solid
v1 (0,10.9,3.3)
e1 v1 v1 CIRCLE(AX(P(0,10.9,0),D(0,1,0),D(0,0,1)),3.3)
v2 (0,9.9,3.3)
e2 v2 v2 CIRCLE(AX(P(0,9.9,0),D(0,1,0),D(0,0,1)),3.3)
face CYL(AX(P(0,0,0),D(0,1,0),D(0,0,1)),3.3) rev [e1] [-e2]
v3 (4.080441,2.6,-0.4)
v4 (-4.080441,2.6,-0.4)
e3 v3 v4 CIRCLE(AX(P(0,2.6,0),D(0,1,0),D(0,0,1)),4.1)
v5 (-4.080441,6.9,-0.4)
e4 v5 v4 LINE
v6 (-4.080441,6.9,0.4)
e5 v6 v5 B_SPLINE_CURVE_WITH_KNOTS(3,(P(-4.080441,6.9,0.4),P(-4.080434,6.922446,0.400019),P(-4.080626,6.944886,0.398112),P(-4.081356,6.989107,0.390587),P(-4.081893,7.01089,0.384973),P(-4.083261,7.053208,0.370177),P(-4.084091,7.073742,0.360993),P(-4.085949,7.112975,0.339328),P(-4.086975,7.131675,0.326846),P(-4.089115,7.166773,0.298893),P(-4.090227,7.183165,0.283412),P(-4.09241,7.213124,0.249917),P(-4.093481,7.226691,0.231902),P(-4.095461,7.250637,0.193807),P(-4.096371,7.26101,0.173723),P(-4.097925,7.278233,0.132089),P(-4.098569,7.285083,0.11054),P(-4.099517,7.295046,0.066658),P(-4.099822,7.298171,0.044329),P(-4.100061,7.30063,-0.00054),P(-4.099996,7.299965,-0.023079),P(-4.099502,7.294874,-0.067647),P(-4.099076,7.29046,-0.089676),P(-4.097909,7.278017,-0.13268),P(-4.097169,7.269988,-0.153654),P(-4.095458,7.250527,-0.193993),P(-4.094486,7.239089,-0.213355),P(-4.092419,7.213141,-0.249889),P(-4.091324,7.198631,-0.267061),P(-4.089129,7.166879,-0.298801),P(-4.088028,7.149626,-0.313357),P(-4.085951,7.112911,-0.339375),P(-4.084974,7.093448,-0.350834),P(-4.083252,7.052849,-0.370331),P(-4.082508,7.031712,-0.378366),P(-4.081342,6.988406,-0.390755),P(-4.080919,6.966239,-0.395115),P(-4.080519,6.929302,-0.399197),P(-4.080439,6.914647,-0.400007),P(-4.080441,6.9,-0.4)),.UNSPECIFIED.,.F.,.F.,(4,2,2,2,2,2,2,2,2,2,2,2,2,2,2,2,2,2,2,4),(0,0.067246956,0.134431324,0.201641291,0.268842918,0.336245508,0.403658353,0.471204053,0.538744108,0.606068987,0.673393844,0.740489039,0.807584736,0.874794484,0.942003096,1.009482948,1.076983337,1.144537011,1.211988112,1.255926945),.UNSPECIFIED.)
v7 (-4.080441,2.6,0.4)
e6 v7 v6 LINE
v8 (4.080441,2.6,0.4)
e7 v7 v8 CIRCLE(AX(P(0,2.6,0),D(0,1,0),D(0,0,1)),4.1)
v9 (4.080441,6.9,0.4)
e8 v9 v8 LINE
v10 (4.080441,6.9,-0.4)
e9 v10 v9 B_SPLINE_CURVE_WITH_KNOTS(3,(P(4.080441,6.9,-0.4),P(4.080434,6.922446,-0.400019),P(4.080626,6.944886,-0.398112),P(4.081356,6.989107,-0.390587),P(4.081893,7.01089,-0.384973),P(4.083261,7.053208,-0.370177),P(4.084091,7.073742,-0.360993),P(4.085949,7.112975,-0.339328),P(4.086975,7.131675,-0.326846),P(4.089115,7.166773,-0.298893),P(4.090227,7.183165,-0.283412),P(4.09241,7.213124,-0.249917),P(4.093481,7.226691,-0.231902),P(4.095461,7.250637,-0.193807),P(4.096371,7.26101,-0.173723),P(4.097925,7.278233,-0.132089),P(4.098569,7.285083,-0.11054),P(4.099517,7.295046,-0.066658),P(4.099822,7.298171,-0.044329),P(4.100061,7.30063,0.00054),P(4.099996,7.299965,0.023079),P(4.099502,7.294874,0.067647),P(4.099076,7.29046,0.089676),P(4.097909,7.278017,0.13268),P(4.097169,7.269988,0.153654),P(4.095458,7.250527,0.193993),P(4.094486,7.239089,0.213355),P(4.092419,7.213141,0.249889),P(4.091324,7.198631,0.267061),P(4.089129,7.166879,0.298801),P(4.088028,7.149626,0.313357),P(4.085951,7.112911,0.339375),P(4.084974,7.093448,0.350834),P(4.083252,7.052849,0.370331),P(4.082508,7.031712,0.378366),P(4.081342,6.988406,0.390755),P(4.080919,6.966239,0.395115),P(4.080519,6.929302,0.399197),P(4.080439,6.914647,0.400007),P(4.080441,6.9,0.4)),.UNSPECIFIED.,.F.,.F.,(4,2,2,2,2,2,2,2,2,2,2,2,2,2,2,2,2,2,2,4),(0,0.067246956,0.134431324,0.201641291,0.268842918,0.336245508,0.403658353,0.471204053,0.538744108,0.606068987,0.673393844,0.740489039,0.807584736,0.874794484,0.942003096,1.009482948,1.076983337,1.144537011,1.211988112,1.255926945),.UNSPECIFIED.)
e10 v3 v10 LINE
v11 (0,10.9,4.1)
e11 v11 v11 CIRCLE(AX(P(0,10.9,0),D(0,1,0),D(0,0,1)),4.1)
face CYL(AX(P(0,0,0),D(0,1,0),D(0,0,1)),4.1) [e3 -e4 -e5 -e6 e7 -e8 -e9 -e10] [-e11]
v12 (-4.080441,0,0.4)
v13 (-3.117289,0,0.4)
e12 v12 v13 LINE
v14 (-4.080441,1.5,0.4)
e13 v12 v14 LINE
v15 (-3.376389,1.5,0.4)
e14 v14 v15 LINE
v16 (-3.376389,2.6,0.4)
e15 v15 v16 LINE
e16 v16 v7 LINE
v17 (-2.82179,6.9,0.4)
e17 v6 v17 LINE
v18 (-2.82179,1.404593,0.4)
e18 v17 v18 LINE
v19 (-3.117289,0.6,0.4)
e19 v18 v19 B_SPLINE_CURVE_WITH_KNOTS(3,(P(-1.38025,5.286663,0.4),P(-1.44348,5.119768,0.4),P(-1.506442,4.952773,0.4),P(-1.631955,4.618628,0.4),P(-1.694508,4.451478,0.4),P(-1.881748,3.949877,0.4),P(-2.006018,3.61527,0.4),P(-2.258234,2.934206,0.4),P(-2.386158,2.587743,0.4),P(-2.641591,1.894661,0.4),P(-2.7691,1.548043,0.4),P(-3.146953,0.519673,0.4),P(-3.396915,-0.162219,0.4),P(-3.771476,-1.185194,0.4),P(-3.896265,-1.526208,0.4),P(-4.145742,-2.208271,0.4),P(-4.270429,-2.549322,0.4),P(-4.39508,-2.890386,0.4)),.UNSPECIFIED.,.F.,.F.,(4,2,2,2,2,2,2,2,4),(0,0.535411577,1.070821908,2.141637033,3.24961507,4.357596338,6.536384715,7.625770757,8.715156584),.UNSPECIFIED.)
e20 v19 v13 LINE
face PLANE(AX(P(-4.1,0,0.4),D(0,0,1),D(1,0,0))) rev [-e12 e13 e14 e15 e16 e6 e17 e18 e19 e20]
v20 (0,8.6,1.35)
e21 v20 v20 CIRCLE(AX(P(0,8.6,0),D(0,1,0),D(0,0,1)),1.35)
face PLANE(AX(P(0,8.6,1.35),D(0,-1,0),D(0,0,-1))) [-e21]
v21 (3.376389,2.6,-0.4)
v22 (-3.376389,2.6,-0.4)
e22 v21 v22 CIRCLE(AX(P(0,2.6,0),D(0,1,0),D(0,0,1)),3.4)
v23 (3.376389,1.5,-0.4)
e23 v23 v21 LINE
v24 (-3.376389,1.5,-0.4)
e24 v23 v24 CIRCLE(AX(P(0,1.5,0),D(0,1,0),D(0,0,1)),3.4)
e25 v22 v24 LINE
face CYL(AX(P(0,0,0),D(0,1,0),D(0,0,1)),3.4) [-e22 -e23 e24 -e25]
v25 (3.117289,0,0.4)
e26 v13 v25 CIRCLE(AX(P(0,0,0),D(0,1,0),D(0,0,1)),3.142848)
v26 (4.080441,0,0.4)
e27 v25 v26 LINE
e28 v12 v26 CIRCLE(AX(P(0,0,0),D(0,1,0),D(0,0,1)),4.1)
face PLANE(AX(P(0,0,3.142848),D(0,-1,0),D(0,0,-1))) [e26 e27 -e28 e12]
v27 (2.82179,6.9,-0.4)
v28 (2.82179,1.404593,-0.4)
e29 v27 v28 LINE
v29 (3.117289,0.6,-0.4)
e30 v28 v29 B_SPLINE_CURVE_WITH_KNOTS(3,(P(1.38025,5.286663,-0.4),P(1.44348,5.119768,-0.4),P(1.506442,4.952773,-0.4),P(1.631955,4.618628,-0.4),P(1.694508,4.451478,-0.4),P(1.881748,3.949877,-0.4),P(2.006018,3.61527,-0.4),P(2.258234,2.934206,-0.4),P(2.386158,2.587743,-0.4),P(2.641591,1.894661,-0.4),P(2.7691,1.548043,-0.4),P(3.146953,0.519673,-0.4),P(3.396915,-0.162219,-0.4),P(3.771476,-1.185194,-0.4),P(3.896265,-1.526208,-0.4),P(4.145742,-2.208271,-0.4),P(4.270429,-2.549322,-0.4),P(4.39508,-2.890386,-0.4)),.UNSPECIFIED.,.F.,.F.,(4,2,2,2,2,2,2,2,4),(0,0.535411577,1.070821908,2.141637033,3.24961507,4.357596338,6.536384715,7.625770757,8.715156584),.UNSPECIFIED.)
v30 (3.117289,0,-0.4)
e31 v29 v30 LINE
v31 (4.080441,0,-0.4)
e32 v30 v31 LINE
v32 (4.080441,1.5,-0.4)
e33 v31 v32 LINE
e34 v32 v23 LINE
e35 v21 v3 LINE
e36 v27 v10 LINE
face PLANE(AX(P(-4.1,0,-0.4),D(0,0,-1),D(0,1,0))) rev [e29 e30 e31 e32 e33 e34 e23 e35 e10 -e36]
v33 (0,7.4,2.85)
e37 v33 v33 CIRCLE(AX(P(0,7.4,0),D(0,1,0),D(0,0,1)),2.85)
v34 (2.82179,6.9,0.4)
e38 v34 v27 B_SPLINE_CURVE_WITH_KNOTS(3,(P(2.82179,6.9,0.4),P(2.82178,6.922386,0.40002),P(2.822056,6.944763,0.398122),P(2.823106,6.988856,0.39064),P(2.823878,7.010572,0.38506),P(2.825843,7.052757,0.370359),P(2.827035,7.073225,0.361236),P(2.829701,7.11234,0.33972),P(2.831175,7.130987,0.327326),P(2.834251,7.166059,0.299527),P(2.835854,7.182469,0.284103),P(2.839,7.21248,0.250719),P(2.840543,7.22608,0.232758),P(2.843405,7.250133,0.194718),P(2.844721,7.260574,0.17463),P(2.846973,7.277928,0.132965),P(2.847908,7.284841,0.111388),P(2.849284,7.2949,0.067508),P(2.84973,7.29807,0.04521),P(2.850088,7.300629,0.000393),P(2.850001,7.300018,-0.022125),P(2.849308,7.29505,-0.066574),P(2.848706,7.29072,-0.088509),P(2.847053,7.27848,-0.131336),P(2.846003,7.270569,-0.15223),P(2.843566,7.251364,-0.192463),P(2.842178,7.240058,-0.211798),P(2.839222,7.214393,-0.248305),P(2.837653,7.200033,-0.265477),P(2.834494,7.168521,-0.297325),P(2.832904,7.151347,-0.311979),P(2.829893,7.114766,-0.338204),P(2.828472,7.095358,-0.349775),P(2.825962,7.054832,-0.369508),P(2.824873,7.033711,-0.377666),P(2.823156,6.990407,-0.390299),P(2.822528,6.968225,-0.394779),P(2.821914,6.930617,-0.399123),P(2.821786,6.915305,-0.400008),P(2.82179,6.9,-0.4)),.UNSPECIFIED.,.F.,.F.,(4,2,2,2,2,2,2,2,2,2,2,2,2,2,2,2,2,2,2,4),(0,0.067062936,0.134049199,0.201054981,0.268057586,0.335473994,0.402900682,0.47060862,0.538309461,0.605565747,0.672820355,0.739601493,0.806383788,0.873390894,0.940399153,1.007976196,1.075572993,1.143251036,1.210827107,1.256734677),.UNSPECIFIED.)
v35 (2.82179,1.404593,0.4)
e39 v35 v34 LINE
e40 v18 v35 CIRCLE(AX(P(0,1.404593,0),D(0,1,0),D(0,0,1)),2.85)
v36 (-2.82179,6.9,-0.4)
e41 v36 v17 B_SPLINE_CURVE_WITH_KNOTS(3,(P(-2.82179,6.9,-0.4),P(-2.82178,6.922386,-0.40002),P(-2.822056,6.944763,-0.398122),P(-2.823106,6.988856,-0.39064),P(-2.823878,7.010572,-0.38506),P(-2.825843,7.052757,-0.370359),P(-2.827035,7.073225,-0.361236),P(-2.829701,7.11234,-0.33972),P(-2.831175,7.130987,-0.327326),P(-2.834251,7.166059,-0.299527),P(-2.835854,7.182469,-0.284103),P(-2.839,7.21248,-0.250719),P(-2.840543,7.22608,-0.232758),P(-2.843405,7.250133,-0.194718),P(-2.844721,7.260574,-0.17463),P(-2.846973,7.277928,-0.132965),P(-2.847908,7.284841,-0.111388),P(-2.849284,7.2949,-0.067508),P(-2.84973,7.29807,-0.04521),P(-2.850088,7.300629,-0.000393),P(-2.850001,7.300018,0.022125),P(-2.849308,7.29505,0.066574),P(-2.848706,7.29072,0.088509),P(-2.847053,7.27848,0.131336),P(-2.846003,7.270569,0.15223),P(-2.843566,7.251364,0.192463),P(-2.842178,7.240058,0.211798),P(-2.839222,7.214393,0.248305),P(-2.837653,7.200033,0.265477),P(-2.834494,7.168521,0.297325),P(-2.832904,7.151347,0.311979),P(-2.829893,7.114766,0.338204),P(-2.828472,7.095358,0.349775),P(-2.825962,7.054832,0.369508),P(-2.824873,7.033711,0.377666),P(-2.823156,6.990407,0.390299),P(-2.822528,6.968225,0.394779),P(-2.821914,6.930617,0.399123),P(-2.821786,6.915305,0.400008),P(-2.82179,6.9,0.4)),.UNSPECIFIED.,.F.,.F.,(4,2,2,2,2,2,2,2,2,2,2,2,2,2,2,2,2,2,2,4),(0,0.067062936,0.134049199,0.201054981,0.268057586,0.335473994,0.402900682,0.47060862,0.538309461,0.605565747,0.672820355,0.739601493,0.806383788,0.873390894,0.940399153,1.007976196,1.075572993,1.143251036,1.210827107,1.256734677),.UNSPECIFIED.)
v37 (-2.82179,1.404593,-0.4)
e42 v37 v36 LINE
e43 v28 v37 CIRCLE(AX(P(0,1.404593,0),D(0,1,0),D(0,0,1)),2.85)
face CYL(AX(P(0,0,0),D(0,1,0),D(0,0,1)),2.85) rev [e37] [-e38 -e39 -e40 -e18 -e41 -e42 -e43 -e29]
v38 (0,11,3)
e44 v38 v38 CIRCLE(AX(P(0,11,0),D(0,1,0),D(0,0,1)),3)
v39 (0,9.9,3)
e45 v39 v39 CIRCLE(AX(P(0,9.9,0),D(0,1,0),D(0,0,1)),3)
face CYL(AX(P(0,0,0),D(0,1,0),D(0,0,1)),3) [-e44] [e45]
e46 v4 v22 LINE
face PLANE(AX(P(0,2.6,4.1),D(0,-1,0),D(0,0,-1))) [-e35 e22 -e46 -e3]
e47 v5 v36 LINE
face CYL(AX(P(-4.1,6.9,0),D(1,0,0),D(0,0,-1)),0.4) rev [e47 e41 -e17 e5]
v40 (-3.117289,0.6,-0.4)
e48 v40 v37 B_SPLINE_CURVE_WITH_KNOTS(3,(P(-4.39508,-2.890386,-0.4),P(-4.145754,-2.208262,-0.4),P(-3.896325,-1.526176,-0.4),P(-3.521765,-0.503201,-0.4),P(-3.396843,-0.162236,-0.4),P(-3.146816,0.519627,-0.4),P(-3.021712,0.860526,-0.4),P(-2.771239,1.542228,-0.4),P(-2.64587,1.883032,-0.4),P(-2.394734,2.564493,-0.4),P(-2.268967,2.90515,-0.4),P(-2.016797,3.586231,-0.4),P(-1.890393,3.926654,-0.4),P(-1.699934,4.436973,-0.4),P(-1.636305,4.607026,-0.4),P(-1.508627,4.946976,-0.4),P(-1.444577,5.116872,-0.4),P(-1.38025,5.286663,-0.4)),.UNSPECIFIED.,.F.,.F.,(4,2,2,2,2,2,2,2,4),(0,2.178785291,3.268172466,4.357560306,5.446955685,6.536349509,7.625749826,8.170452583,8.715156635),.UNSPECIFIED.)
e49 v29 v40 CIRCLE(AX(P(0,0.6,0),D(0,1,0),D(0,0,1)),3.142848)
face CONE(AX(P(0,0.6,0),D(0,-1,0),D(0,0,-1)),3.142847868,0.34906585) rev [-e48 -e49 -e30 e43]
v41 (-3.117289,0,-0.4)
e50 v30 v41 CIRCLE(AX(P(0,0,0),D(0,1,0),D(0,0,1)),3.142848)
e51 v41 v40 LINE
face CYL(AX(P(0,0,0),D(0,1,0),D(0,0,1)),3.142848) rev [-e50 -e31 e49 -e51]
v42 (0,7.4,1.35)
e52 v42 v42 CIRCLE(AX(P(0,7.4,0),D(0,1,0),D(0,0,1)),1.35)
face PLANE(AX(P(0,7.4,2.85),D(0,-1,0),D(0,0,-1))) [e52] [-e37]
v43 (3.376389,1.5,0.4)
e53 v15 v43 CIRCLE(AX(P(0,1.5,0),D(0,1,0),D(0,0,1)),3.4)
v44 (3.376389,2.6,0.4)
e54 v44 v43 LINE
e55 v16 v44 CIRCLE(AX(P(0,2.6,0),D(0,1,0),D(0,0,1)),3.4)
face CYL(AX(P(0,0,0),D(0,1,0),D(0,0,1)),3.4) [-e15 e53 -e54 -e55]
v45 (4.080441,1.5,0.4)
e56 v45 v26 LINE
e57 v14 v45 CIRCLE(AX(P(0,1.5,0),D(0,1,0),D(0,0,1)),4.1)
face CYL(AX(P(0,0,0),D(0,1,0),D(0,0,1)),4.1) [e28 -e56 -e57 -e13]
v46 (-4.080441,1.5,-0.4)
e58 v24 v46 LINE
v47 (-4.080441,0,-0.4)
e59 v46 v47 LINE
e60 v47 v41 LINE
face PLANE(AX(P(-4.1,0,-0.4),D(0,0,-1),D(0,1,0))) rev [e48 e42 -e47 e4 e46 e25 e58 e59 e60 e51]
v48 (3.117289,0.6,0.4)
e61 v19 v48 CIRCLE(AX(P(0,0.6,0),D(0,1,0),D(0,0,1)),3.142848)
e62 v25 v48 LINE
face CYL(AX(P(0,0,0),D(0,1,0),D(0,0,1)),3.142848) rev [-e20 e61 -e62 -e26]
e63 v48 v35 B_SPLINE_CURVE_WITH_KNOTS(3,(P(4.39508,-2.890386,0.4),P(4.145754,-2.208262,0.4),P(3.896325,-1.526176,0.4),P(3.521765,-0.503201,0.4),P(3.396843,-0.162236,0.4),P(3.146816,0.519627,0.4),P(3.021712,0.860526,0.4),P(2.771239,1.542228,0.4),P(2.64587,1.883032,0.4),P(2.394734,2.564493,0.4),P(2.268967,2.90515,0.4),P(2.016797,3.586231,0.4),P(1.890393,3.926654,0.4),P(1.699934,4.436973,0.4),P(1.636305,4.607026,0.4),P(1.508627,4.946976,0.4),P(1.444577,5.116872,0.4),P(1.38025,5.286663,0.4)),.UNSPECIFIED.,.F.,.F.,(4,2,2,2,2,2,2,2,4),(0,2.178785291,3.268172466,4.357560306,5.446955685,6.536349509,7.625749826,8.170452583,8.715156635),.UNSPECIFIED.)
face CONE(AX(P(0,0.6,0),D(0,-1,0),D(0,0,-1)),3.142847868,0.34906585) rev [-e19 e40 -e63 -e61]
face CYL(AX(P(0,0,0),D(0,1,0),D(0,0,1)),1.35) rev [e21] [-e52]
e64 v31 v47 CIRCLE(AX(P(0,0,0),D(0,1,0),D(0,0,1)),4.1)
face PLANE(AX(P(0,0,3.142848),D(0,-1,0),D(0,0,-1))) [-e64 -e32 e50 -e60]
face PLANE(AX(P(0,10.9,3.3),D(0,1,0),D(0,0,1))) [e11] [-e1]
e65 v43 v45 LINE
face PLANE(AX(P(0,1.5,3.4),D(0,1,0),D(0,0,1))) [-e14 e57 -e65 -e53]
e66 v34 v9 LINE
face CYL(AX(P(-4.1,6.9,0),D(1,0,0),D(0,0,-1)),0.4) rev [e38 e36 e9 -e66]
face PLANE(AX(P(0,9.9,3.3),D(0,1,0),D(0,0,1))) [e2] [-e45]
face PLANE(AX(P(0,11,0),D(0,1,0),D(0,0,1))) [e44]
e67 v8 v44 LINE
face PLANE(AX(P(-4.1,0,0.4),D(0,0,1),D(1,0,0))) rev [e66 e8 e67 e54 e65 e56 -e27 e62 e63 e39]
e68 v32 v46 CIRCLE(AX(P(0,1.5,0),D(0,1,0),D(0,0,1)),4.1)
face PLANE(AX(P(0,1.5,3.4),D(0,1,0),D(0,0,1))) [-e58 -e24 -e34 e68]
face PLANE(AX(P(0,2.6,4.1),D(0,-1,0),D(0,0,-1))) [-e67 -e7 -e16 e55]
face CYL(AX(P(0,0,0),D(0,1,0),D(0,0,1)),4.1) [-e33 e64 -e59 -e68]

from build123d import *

# Parameters (mm, degrees)
WYTNIJ_WYCI_GNI_CIE1_DEPTH      = 5.1
WYTNIJ_WYCI_GNI_CIE1_DEPTH_BACK = 5.1


with BuildPart() as part:
    # Szkic2 → Obrót1 (revolve)
    with BuildSketch(Plane(origin=(0, 0, 0), x_dir=(0, 0, -1), z_dir=(1, 0, 0))):
        Polygon((-3.3, 10.9), (-3.3, 9.9), (-3, 9.9), (-3, 11), (0, 11), (0, 8.6), (-1.35, 8.6), (-1.35, 7.4), (-2.85, 7.4), (-2.85, 1.404592906), (-3.142847868, 0.6), (-3.142847868, 0), (-4.1, 0), (-4.1, 1.5), (-3.4, 1.5), (-3.4, 2.6), (-4.1, 2.6), (-4.1, 10.9), align=None)
    revolve(axis=Axis((0, 0, 0), (0, -1, 0)))

    # Szkic3 → Wytnij-wyciągnięcie1 (cut, two sides)
    with BuildSketch(Plane(origin=(0, 0, 0), x_dir=(0, 0, -1), z_dir=(1, 0, 0))) as wytnij_wyci_gni_cie1_sk:
        with BuildLine():
            Line((-0.4, 0), (-0.4, 6.9))
            ThreePointArc((-0.4, 6.9), (0, 7.3), (0.4, 6.9))
            Line((0.4, 6.9), (0.4, 0))
            Line((0.4, 0), (-0.4, 0))
        make_face()
    extrude(amount=WYTNIJ_WYCI_GNI_CIE1_DEPTH, mode=Mode.SUBTRACT)
    extrude(wytnij_wyci_gni_cie1_sk.sketch, amount=-WYTNIJ_WYCI_GNI_CIE1_DEPTH_BACK, mode=Mode.SUBTRACT)


solid = part.part
